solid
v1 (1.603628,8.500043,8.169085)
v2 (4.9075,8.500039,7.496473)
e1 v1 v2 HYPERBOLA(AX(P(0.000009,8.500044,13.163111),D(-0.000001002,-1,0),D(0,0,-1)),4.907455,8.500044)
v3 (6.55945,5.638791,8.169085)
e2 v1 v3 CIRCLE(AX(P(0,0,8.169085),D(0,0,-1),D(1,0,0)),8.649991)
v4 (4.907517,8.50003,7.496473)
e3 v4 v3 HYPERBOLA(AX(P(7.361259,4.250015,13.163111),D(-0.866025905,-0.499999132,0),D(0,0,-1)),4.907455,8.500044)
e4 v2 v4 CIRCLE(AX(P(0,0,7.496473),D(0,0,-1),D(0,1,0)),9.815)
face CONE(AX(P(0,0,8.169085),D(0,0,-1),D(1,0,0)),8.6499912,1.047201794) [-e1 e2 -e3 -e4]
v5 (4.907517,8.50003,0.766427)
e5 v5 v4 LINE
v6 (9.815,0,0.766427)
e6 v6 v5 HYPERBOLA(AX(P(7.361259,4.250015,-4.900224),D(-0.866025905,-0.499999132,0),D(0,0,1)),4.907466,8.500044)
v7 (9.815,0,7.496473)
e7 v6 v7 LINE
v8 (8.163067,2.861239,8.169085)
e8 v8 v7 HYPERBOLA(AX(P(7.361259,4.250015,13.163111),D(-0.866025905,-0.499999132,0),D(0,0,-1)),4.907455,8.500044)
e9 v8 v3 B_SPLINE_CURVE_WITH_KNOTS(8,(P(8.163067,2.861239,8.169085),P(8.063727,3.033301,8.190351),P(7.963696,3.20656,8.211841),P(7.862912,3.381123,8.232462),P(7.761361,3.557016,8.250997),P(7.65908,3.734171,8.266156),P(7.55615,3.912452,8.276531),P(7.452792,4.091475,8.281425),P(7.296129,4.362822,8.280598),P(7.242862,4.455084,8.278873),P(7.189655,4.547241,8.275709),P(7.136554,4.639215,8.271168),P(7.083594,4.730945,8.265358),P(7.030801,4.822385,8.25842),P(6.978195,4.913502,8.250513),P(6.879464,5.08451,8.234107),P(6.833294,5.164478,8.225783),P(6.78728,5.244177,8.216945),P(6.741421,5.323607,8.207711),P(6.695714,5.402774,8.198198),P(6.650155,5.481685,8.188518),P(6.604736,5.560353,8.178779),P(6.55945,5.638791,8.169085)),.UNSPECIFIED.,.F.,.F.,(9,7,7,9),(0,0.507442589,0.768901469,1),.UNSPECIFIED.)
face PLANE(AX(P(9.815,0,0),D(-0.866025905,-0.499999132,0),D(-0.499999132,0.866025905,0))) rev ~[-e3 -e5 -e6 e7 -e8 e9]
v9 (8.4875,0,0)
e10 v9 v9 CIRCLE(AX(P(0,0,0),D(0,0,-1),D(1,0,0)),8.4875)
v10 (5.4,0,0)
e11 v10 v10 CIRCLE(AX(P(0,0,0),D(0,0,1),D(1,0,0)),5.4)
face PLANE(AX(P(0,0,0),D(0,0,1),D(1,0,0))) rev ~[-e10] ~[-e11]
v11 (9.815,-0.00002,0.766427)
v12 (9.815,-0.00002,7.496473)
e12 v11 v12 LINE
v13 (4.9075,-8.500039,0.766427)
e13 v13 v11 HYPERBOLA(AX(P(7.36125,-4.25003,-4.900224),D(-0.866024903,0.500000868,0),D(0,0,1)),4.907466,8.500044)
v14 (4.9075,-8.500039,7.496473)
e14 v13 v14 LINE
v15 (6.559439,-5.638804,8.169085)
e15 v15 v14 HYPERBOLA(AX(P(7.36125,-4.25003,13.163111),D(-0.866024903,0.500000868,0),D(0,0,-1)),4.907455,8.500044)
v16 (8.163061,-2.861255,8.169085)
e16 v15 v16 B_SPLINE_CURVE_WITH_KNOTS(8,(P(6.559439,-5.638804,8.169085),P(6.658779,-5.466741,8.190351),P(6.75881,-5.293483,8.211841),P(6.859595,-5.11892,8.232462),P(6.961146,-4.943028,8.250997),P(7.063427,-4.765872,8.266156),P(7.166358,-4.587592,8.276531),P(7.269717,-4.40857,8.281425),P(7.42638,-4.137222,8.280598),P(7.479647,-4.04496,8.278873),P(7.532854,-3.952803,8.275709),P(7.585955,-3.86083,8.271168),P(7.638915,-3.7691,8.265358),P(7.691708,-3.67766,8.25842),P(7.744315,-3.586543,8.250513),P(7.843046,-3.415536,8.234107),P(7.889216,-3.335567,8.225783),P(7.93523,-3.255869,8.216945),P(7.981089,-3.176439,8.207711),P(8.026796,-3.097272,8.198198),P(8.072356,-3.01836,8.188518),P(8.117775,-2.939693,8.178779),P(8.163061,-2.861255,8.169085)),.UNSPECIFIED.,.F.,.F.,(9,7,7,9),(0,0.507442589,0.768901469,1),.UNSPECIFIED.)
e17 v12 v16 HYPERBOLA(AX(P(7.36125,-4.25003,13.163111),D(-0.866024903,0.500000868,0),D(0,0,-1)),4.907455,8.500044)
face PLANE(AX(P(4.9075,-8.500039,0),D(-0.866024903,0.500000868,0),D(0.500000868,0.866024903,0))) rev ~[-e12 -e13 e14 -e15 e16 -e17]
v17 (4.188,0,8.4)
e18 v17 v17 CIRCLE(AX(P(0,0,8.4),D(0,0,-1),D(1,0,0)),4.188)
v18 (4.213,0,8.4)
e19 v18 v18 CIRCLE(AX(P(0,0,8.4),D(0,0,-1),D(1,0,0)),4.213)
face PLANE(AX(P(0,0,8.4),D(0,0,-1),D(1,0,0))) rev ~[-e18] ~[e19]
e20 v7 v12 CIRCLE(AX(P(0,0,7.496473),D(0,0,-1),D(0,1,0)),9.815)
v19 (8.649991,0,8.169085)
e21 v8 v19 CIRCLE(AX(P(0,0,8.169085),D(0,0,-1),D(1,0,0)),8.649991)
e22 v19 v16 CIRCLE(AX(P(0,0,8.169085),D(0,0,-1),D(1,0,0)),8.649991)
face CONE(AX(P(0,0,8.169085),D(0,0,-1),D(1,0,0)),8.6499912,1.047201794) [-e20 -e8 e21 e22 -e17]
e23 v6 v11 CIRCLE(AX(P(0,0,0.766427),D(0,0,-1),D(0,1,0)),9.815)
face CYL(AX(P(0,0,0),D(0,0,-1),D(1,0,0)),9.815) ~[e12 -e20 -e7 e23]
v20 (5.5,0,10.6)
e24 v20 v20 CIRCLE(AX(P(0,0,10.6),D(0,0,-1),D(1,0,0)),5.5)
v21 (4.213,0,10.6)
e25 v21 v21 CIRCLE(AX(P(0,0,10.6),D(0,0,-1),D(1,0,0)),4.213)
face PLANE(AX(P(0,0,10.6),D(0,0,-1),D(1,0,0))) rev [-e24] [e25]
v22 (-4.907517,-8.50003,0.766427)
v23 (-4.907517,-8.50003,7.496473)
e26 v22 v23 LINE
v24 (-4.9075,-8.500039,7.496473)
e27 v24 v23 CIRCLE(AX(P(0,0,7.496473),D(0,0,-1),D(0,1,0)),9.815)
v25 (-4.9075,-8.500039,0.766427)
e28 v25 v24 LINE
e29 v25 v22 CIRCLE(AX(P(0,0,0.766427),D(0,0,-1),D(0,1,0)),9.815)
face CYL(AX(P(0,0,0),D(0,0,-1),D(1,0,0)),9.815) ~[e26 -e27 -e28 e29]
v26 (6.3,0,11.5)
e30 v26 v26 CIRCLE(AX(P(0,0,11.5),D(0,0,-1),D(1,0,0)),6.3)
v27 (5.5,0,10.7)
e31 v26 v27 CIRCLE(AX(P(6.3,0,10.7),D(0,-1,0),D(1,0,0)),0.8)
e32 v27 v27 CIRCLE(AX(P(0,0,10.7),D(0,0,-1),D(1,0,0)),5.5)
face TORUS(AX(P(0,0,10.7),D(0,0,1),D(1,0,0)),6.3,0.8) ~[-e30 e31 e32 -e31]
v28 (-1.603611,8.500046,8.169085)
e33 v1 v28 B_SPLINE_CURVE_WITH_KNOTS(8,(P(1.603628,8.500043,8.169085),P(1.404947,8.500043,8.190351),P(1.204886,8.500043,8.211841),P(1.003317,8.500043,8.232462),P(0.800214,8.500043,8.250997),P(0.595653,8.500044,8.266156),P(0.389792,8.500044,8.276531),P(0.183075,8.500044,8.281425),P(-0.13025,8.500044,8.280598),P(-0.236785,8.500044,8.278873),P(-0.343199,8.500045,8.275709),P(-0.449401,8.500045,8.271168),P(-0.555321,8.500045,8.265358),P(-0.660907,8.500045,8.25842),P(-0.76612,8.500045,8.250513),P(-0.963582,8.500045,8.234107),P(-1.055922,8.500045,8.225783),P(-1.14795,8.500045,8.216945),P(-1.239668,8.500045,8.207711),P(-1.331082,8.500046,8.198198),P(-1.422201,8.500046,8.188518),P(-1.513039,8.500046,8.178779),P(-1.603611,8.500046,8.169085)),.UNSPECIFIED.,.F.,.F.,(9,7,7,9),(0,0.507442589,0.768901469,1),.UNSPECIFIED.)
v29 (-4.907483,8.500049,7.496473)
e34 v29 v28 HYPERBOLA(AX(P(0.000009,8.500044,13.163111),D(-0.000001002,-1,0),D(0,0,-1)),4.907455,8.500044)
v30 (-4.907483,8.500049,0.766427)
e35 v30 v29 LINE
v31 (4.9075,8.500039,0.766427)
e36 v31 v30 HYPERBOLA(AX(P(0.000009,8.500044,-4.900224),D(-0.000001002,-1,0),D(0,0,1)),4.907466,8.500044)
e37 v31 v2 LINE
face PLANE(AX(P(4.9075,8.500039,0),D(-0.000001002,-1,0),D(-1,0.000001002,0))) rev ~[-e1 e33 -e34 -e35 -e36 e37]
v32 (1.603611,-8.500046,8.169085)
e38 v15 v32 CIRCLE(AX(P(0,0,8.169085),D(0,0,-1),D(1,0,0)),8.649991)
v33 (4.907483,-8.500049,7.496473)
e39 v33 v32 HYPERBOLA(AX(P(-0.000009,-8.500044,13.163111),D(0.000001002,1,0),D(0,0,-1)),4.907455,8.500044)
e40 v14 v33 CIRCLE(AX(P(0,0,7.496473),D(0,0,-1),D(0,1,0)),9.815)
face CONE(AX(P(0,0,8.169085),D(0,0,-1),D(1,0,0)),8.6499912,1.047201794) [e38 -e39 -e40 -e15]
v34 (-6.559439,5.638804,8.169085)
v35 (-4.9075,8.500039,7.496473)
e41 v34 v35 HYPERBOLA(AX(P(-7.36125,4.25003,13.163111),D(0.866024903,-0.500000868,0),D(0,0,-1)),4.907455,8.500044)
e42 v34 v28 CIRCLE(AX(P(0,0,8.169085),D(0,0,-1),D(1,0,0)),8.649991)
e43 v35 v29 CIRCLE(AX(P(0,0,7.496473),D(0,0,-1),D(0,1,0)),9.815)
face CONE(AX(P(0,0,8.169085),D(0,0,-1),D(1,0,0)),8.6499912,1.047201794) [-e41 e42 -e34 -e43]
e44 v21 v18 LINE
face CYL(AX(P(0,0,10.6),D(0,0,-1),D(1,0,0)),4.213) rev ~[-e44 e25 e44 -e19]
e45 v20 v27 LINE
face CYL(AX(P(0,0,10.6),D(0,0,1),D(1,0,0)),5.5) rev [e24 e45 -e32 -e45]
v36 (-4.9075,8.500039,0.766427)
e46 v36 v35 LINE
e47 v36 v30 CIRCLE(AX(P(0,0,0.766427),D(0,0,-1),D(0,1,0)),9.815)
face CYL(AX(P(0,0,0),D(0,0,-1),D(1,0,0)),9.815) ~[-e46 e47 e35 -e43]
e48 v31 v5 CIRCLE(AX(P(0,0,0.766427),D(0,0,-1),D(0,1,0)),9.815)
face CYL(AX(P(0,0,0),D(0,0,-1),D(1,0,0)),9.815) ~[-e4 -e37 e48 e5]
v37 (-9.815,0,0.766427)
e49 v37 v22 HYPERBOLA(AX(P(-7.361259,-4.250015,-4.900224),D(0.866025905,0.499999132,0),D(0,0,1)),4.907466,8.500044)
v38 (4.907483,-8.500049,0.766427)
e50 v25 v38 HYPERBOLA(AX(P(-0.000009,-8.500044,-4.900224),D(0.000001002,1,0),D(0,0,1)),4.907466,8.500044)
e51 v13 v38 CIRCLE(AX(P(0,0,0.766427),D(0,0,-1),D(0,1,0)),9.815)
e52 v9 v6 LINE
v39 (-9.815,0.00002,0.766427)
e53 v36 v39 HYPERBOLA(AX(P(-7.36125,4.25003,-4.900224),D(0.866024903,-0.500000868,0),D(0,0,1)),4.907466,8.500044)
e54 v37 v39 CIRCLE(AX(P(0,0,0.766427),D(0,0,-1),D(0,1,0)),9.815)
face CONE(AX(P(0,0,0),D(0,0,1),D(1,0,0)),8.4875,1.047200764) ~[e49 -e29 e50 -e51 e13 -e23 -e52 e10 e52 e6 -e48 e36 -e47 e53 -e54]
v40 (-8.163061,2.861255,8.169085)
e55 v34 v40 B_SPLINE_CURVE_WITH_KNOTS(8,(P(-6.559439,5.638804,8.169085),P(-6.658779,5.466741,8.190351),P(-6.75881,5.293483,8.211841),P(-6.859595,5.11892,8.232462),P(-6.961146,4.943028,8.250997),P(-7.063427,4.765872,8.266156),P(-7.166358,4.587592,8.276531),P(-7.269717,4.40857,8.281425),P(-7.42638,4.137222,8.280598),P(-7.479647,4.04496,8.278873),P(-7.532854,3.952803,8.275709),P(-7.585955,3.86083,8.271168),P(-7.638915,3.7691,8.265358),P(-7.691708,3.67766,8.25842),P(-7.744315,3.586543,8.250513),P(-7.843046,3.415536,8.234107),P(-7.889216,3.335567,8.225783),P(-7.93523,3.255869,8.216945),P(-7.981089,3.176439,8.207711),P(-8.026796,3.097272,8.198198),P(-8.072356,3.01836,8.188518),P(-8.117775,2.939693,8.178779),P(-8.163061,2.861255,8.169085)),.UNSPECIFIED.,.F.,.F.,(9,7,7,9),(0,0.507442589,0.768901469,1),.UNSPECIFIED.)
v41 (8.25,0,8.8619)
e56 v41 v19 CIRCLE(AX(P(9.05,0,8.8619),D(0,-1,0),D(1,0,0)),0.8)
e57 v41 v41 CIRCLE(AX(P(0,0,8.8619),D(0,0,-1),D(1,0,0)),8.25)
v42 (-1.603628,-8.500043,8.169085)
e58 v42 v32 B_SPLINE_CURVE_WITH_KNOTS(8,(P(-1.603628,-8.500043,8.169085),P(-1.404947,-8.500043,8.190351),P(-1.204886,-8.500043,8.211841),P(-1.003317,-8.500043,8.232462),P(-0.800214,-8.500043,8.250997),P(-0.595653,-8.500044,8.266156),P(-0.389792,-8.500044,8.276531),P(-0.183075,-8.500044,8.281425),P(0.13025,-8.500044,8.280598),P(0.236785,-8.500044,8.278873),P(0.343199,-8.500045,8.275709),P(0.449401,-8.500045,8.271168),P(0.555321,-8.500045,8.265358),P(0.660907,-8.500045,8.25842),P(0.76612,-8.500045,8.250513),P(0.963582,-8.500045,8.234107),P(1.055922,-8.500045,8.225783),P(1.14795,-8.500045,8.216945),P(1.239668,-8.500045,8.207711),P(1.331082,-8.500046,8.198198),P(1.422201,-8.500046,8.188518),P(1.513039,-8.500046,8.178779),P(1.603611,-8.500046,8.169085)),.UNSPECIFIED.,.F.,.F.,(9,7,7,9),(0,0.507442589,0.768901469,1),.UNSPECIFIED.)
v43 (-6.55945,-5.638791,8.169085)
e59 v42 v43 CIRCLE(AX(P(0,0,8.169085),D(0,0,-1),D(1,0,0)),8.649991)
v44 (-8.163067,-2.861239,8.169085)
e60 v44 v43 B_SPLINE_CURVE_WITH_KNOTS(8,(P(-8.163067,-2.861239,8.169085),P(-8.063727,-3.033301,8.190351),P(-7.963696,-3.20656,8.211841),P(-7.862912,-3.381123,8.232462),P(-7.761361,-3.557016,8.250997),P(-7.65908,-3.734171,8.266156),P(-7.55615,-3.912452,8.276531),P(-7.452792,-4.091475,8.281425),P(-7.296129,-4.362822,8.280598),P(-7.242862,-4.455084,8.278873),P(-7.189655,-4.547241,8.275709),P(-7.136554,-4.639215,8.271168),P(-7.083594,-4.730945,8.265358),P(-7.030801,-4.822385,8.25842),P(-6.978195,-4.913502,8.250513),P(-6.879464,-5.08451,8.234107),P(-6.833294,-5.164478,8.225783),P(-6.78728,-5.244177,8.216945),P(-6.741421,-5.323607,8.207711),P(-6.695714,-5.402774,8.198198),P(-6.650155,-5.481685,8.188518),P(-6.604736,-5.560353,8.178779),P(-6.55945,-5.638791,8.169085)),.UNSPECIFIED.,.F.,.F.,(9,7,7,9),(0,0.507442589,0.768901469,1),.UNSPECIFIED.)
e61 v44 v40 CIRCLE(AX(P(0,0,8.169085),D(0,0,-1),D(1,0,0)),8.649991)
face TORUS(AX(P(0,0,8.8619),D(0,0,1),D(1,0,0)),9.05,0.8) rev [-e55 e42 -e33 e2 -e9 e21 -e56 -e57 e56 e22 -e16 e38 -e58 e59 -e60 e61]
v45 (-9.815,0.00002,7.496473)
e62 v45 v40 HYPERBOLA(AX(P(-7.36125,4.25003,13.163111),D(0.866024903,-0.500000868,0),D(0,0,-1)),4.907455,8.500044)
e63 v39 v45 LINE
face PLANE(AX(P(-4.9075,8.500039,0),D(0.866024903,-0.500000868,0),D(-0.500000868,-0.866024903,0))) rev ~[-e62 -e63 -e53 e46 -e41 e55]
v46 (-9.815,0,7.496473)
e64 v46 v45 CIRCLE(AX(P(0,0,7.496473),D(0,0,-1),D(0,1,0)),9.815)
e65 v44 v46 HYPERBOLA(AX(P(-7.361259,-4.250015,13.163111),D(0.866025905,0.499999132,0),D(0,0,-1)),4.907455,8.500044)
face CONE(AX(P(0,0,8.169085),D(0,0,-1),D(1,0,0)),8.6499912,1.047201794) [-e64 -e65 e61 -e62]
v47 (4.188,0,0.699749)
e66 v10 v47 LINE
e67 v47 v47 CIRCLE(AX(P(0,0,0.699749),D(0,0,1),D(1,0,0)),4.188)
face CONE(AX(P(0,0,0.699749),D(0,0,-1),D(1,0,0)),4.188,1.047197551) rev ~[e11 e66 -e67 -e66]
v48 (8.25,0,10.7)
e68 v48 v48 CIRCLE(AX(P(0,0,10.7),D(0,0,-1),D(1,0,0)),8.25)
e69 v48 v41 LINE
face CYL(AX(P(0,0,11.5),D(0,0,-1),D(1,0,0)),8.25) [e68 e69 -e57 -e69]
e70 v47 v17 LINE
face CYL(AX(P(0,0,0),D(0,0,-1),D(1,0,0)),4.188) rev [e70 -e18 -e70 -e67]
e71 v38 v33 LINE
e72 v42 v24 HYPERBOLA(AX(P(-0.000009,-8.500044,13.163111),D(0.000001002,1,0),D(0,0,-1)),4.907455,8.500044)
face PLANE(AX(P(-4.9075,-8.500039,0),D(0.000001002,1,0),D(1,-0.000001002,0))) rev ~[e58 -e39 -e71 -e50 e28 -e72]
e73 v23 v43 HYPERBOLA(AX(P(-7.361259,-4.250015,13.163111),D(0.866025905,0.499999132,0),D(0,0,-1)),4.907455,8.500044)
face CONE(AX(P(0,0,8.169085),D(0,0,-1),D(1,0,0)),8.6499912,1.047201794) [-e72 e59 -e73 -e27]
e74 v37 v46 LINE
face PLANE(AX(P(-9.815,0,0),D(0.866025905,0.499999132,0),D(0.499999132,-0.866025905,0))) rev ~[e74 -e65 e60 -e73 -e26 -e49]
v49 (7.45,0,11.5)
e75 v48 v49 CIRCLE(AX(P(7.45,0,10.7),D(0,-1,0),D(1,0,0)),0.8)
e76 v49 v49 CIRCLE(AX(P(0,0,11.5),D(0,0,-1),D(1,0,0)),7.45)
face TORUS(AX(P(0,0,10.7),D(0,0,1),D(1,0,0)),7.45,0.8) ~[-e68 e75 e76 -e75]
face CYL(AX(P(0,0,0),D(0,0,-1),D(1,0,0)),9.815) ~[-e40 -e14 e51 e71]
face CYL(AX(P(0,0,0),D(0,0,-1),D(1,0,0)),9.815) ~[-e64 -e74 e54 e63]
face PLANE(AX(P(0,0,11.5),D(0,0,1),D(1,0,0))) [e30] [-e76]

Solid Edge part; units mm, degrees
sketch "Sketch1" plane through (0, 0, 0) normal (0, 0, 1) x (1, 0, 0)
  circle A0 centre (0, 0) radius 4.188
  circle A1 centre (0, 0) radius 9.815
  dimension "D1" = 8.5
  dimension "D2" = 8.376
extrude "Protrusion1" add sketch "Sketch1" along normal blind 11.5
sketch "Sketch2" plane through (0, 0, 0) normal (0, 0, 1) x (1, 0, 0)
  line L0 (9.815, 0) -> (4.9075, 8.5)
  arc A0 (4.9075, 8.5) -> (9.815, 0) centre (0, 0) cw
  dimension "D1" = 8.5
extrude "ExtrudedCutout_1" cut sketch "Sketch2" along normal blind 11.5
pattern_circular "Pattern1" count 6 over 360 about axis through (0, 0, 0) along (0, 0, -1) of "ExtrudedCutout_1"
cosmetic_thread "Thread_1" size "M10" thread depth 8.4
sketch "Sketch3" plane through (0, 0, 0) normal (0, -1, 0) x (1, 0, 0)
  line L0 (9.8153, 0.7666) -> (9.8153, 0)
  line L1 (9.8153, 0) -> (8.4875, 0)
  line L2 (8.4875, 0) -> (9.8153, 0.7666)
  line L3 (8.25, 11.5) -> (8.25, 8.8619)
  arc A0 (8.25, 8.8619) -> (8.65, 8.1691) centre (9.05, 8.8619) ccw
  line L4 (8.65, 8.1691) -> (9.8153, 7.4963)
  line L5 (9.8153, 7.4963) -> (9.8153, 11.5)
  line L6 (9.8153, 11.5) -> (8.25, 11.5)
  dimension "D1" = 11.5
  dimension "D2" = 8.4875
  dimension "D3" = 9.8153
  dimension "D4" = 8.25
  dimension "D5" = 9.8153
  dimension "D6" = 8.4
  dimension "D7" = 0.8
revolve "RevolvedCutout_1" cut sketch "Sketch3" angle 360 about axis through (0, 0, 11.9) along (0, 0, -1)
sketch "Sketch4" plane through (0, 0, 0) normal (0, -1, 0) x (1, 0, 0)
  line L0 (4.188, 11.5) -> (4.188, 8.4)
  line L1 (5.5, 11.5) -> (4.188, 11.5)
  line L2 (5.5, 10.6) -> (5.5, 11.5)
  line L3 (4.213, 10.6) -> (5.5, 10.6)
  line L4 (4.213, 10.6) -> (4.213, 8.4)
  line L5 (4.213, 8.4) -> (4.188, 8.4)
  dimension "D1" = 8.4
  dimension "D2" = 11.5
  dimension "D3" = 0.9
  dimension "D4" = 4.188
  dimension "D5" = 0.025
  dimension "D6" = 5.5
revolve "RevolvedCutout_2" cut sketch "Sketch4" angle 360 about axis through (0, 0, 8.4) along (0, 0, -1)
fillet "Round_1" radius 0.8 2 edges at (-8.25, 0, 11.5) (-5.5, 0, 11.5)
chamfer "Chamfer_1" distance 1.212 angle 30 1 edges at (-4.188, 0, 0) measured on face at (-5.8281, -5.4886, 0)
properties material "Steel"
